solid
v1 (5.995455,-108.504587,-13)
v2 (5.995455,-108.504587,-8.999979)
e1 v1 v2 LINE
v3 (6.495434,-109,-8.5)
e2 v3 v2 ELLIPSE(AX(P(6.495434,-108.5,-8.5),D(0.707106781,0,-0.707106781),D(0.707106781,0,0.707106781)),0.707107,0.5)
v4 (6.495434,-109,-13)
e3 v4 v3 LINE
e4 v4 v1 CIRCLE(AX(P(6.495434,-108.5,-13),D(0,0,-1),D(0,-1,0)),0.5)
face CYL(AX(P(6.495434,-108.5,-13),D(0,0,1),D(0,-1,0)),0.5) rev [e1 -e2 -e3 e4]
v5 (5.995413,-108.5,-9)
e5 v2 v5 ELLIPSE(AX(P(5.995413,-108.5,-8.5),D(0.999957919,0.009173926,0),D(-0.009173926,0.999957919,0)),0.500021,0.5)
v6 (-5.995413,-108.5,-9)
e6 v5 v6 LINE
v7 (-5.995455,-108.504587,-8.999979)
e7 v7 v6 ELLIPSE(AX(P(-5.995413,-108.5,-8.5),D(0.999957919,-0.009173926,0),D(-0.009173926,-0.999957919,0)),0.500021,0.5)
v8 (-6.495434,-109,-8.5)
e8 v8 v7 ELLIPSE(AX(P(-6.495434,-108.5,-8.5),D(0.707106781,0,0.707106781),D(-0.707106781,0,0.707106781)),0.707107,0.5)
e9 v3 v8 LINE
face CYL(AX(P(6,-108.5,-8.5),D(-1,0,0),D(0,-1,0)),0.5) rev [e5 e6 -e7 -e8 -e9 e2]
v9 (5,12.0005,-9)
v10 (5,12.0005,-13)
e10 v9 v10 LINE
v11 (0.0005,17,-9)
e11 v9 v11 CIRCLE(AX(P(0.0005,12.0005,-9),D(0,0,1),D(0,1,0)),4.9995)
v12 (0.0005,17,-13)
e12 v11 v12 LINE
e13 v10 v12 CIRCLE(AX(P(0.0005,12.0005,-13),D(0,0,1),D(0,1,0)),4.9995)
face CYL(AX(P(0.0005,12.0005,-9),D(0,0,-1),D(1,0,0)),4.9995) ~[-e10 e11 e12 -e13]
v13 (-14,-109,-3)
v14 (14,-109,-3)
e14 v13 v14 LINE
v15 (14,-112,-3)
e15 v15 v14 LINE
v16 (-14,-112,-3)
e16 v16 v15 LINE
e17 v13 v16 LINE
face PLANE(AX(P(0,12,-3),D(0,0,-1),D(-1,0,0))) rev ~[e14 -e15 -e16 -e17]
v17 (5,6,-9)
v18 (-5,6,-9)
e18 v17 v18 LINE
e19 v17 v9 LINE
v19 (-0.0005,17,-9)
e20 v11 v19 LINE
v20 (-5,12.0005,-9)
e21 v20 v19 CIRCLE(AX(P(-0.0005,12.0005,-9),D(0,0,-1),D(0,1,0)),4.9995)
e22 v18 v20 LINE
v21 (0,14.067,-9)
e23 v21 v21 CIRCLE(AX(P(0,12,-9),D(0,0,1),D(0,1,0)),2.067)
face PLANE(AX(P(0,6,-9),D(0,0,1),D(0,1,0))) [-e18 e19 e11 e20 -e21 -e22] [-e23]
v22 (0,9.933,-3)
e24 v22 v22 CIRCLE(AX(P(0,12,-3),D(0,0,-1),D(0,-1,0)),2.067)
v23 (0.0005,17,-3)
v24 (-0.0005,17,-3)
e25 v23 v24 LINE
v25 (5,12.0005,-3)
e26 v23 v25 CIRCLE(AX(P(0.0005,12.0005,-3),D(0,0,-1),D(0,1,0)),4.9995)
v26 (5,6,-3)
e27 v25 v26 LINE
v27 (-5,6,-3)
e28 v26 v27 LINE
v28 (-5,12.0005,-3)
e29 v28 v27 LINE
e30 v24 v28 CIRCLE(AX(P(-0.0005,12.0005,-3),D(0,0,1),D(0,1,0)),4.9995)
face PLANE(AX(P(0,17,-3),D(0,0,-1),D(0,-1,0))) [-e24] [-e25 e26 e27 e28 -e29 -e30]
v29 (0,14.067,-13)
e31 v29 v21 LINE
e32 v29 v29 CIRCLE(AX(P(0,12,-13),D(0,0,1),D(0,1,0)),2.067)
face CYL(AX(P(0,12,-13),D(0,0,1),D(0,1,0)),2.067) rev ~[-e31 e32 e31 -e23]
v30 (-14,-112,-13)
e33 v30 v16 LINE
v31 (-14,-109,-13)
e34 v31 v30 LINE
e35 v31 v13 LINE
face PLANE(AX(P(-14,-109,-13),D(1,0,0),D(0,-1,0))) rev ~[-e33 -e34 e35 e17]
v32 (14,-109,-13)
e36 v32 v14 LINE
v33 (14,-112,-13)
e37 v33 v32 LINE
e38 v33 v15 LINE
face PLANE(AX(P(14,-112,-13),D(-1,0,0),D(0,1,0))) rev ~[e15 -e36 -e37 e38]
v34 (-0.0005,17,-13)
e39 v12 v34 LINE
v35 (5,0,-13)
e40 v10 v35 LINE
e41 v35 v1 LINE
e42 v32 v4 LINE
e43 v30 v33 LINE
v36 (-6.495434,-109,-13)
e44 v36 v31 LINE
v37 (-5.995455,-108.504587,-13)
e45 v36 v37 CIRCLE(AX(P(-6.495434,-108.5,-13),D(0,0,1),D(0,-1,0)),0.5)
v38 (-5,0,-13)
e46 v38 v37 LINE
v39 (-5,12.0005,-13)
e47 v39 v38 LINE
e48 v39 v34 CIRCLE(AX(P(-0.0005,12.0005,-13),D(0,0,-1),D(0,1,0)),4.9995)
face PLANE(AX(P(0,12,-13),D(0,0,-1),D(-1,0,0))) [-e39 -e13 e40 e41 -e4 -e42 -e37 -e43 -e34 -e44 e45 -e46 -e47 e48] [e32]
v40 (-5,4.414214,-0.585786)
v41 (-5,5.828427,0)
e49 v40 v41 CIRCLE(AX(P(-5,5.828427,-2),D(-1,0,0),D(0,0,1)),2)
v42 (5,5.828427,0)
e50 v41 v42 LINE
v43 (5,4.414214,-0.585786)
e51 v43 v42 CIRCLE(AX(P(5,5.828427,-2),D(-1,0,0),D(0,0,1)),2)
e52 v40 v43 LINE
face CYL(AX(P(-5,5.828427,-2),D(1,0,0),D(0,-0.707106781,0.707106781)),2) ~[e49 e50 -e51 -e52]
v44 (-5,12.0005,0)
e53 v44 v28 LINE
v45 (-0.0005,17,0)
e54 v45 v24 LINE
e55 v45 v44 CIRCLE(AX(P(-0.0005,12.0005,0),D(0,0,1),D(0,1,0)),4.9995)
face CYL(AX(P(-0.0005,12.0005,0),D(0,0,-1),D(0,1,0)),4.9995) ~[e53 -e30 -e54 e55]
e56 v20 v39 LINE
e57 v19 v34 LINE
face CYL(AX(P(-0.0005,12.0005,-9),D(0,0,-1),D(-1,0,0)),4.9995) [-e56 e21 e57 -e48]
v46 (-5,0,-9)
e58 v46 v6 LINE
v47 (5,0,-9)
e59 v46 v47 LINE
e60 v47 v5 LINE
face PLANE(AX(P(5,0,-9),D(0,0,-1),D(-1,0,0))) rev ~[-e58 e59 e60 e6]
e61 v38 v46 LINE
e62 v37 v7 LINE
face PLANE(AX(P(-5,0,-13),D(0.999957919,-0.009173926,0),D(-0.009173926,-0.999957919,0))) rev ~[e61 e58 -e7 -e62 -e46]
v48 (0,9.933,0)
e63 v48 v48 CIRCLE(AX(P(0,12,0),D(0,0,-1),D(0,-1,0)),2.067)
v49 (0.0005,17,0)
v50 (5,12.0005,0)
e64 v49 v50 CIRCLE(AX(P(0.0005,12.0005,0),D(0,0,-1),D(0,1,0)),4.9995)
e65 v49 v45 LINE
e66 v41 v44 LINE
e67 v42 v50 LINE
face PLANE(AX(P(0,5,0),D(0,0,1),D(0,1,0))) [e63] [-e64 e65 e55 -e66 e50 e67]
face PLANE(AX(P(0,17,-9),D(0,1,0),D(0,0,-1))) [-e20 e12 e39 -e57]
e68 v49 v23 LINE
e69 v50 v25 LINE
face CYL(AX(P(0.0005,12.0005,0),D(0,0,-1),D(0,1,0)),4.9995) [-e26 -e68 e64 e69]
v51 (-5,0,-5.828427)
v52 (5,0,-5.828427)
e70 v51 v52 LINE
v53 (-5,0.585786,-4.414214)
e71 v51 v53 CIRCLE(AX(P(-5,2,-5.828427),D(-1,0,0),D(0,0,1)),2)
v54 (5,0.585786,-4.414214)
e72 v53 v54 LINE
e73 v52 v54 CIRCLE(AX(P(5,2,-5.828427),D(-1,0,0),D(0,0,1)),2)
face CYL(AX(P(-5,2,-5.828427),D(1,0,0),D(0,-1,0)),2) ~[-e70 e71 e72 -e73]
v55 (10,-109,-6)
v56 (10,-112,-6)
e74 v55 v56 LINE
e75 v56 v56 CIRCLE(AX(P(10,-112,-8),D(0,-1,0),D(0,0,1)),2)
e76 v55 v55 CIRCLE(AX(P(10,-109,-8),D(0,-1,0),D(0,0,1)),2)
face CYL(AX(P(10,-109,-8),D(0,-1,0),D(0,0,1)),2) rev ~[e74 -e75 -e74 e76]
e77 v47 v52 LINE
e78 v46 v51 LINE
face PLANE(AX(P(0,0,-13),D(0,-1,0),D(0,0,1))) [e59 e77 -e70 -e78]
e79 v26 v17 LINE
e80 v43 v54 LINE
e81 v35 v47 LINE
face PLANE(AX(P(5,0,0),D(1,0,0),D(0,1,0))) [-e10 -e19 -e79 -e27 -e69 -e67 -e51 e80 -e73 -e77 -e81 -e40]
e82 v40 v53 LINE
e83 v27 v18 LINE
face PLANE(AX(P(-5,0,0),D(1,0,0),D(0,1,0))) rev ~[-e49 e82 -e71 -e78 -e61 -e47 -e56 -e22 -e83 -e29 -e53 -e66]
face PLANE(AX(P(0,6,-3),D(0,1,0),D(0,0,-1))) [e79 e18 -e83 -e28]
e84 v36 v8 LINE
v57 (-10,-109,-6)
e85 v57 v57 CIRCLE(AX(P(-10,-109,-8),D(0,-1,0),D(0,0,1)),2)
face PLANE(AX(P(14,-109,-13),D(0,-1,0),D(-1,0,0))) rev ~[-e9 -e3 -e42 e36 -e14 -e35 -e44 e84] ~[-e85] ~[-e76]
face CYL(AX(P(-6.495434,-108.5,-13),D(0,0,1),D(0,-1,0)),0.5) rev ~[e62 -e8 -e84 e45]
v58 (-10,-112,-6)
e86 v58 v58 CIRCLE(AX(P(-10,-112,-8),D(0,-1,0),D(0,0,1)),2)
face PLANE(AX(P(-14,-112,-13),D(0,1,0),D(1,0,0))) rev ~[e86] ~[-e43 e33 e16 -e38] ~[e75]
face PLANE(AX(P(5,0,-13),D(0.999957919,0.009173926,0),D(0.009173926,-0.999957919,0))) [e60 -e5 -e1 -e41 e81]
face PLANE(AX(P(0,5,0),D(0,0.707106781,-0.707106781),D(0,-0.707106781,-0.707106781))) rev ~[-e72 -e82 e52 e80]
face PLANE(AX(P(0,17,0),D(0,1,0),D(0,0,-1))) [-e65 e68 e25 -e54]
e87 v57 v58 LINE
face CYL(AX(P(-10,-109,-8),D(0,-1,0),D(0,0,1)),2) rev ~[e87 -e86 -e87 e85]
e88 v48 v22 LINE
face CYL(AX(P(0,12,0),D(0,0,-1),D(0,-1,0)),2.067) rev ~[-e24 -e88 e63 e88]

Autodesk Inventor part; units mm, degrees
ref_plane "YZ Plane" through (0, 0, 0) normal (1, 0, 0) x (0, 1, 0)
ref_plane "XZ Plane" through (0, 0, 0) normal (0, 1, 0) x (-1, 0, 0)
ref_plane "XY Plane" through (0, 0, 0) normal (0, 0, 1) x (1, 0, 0)
sketch "Skizze1" plane through (0, 0, 0) normal (0, 1, 0) x (-1, 0, 0)
  point P0 (0, 0)
sketch "Skizze2" plane through (0, 0, 0) normal (1, 0, 0) x (0, 1, 0)
  line L0 (5, 0) -> (17, 0)
  line L1 (17, -13) -> (0, -13)
  line L2 (0, -13) -> (0, -5)
  line L3 (5, 0) -> (0, -5)
  line L4 (17, -3) -> (6, -3)
  line L5 (6, -3) -> (6, -9)
  line L6 (6, -9) -> (17, -9)
  line L7 (17, 0) -> (17, -3)
  line L8 (17, -9) -> (17, -13)
  point P0 (0, 0)
  point P1 (17, -11)
  dimension "d1" = 13
  dimension "d2" = 5
  dimension "d5" = 3
  dimension "d6" = 4
  dimension "d7" = 11
  dimension "d8" = 12
  dimension "d9" = 17
extrude "Extrusion1" add sketch "Skizze2" along normal mid plane 10
fillet "Rundung1" radius 5 2 edges at (5, 17, -1.5) (-5, 17, -1.5)
fillet "Rundung2" radius 5 2 edges at (5, 17, -11) (-5, 17, -11)
sketch "Skizze4" plane through (5, 0, -13) normal (0, 0, -1) x (-1, 0, 0)
  arc A0 (10, 12) -> (0, 12) centre (5, 12) ccw projected
  point P0 (5, 0)
hole "Bohrung1" at (0, 12, -13) direction (0, 0, 1) diameter 4.134 depth 4 thread size "M5x0.8" class "6H" standard "ISO Metric profile"
sketch "Skizze5" plane through (-5, 5, 0) normal (0, 0, 1) x (1, 0, 0)
  arc A0 (10, 7) -> (0, 7) centre (5, 7) ccw projected
  point P0 (5, -5)
hole "Bohrung2" at (0, 12, 0) direction (0, 0, -1) diameter 4.134 depth 3 thread size "M5x0.8" class "6H" standard "ISO Metric profile"
sketch "Skizze6" plane through (5, 0, -13) normal (0, 0, -1) x (-1, 0, 0)
  line L0 (0, 0) -> (-1, -109)
  line L1 (10, 0) -> (0, 0) projected
  line L2 (10, 0) -> (11, -109)
  line L3 (5, 0) -> (5, -23.6685) construction
  line L4 (-1, -109) -> (11, -109)
  circle A0 centre (5, 12) radius 2.067 projected
  dimension "d29" = 12
  dimension "d30" = 121
extrude "Extrusion2" add sketch "Skizze6" against normal blind 4 contours L1 L2 L4 L0
fillet "Rundung3" radius 2 2 edges at (0, 0, -5) (0, 5, 0)
sketch "Skizze7" plane through (0, 12, -13) normal (0, 0, -1) x (-1, 0, 0)
  line L0 (-14, -121) -> (14, -121)
  line L1 (14, -121) -> (14, -124)
  line L2 (14, -124) -> (-14, -124)
  line L3 (-14, -124) -> (-14, -121)
  line L4 (-6, -121) -> (6, -121) projected
  point P0 (0, -12)
  point P1 (0, -124)
  point P2 (0, -121)
  point P3 (0, -121)
  dimension "d34" = 28
  dimension "d35" = 3
extrude "Extrusion3" add sketch "Skizze7" against normal blind 10
fillet "Rundung4" radius 0.5 3 edges at (6, -109, -11) (-6, -109, -11) (0, -109, -9)
sketch "Skizze8" plane through (-14, -109, -3) normal (0, 1, 0) x (1, 0, 0)
  line L0 (9, 10) -> (19, 10) projected
  line L1 (0, 10) -> (0, 0) projected
  point P0 (14, -3)
  point P1 (4, 5)
  point P2 (24, 5)
  point P3 (14, 10)
  point P4 (14, 10)
  point P5 (0, 5)
  dimension "d46" = 10
  dimension "d47" = 10
hole "Bohrung3" at (-10, -109, -8) at (10, -109, -8) direction (0, -1, 0) diameter 4 depth 3
properties part number "205" material "Aluminium 6061"
